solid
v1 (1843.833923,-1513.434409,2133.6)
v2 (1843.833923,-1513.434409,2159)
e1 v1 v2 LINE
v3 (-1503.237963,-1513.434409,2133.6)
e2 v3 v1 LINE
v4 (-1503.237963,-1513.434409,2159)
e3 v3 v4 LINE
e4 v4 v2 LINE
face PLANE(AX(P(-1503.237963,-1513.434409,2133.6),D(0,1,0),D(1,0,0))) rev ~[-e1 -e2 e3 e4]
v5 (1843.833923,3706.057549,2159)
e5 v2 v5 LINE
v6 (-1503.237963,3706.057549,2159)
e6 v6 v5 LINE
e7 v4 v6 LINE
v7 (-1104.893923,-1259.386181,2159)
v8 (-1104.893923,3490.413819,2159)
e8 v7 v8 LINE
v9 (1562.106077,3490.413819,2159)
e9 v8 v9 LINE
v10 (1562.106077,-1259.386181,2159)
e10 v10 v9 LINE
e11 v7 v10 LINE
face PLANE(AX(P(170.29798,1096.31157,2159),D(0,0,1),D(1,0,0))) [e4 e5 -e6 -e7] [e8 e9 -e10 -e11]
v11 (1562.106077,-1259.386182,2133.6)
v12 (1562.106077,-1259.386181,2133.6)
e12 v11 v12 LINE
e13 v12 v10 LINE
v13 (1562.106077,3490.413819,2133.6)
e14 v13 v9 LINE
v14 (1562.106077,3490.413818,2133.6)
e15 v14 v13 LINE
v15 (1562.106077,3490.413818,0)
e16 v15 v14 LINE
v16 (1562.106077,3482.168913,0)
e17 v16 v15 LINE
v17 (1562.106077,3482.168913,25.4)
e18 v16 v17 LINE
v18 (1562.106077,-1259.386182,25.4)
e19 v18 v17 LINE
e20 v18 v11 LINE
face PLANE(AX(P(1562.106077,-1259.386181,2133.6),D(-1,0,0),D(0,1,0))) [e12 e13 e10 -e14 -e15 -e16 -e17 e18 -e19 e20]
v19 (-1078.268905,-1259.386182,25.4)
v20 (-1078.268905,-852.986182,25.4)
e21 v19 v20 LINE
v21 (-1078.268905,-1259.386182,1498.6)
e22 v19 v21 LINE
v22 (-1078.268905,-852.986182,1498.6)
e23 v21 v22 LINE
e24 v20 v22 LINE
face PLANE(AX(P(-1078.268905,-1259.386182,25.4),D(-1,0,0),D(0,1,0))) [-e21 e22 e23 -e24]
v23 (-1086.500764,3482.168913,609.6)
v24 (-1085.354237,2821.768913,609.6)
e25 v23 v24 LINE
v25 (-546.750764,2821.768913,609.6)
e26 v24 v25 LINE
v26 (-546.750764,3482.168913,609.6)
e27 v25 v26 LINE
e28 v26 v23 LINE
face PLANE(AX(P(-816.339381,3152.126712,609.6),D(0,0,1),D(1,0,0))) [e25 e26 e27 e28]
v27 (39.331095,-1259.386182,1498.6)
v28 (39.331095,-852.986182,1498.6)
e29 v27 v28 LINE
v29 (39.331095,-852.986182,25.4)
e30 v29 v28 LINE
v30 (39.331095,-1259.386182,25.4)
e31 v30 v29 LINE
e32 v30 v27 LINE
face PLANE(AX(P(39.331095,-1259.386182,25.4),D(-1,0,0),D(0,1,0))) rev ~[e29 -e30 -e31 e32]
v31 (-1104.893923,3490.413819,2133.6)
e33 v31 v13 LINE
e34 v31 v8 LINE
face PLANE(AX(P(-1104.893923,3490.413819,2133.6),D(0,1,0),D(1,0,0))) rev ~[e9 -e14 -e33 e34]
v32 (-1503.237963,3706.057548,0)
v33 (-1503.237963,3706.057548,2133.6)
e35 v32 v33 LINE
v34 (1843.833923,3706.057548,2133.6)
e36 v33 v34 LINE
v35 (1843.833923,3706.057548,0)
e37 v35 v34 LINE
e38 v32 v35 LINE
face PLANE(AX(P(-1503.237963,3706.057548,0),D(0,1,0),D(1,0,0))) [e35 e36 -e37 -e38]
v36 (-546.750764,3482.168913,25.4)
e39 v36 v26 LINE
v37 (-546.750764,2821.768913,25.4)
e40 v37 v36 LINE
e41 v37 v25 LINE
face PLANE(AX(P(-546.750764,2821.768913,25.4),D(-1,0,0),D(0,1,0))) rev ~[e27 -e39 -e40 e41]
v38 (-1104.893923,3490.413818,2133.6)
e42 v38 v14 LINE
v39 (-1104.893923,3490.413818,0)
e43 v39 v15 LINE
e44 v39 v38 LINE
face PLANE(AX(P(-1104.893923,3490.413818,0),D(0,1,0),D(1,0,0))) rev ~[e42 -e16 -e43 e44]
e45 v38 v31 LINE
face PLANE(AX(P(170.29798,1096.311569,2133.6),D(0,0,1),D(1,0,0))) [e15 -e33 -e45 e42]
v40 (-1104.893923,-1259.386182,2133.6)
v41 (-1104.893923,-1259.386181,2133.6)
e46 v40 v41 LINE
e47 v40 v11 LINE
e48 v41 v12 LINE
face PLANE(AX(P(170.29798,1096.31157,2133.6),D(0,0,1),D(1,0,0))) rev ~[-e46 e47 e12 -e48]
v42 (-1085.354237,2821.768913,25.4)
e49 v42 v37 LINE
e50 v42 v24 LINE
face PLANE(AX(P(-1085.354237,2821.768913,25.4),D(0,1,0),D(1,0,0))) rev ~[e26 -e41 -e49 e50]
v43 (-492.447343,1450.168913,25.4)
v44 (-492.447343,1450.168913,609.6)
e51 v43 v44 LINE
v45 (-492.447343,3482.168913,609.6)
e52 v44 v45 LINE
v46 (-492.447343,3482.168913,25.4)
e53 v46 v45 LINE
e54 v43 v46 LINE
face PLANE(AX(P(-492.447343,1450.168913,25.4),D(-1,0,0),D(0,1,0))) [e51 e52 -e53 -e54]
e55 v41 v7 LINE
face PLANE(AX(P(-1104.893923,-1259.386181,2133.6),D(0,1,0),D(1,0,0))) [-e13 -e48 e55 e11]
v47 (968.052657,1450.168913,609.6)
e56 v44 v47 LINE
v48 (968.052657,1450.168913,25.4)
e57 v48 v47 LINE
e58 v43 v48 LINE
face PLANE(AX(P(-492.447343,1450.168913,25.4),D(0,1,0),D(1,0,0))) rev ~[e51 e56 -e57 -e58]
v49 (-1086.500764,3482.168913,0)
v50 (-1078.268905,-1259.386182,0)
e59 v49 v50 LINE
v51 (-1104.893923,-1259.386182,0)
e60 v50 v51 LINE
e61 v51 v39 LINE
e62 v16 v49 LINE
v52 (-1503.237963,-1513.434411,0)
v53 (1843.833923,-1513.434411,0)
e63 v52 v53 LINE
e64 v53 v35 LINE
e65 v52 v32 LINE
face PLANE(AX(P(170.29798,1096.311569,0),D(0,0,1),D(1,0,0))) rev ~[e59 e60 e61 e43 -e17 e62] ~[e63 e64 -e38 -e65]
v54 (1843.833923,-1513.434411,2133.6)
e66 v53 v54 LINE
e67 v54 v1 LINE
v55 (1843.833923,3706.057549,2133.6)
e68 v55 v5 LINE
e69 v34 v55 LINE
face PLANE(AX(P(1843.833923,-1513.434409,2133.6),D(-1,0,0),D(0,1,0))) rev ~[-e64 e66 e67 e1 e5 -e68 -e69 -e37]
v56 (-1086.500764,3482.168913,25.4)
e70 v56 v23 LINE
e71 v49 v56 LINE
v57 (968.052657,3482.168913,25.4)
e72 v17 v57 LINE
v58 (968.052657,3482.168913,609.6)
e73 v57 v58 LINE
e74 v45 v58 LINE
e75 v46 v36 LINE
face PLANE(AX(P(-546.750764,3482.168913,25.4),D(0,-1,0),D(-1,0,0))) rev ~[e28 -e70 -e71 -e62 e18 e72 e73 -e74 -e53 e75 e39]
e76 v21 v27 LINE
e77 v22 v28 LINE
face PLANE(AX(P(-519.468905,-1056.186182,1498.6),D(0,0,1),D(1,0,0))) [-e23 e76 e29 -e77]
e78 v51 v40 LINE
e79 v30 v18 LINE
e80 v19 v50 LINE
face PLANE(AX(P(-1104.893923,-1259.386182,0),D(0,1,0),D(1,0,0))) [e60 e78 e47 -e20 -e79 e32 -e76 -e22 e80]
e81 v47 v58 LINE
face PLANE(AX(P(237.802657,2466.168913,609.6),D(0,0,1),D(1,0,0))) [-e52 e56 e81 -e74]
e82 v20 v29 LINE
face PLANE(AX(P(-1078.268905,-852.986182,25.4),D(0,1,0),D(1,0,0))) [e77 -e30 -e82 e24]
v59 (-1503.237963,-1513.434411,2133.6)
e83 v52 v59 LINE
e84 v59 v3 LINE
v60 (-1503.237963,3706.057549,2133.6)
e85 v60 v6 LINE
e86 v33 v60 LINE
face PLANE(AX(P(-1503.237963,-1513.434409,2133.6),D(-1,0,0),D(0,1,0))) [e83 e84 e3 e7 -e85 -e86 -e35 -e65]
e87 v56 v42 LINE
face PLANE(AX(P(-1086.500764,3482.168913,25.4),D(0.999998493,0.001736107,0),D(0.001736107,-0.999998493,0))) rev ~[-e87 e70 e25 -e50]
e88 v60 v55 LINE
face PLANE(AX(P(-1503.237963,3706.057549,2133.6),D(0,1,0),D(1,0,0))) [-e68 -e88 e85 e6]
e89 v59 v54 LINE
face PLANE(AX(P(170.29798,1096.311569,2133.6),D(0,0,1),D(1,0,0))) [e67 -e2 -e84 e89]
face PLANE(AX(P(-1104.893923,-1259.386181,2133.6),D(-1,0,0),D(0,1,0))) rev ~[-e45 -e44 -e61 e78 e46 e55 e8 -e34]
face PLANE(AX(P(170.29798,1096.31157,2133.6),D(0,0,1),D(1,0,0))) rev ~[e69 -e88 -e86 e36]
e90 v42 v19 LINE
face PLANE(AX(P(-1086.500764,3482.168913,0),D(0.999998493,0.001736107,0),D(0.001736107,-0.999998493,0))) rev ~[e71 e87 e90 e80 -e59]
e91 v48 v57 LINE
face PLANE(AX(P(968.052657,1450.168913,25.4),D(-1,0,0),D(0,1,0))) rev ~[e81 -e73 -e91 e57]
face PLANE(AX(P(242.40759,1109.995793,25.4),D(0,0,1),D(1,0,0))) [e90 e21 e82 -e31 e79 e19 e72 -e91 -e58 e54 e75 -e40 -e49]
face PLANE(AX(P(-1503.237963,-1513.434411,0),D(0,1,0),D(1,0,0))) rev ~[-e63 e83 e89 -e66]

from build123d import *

# Parameters (mm, degrees)
F0_W        = 3347.071886
F0_H        = 5219.491959
F0_W_2      = 2667
F0_H_2      = 4749.8
F1_DEPTH    = 2133.6
F2_W        = 2645.458222
F2_H        = 4755.231976
F3_DEPTH    = 25.4
F1_FACE_W   = 3347.071886
F1_FACE_H   = 5219.491959
F1_FACE_W_2 = 2667
F1_FACE_H_2 = 4749.8
F4_DEPTH    = 25.4
F6_DEPTH    = 25.4
F7_W        = 1460.5
F7_H        = 2032
F8_DEPTH    = 584.2
F10_DEPTH   = 584.2
F11_W       = 1117.6
F11_H       = 406.4
F12_DEPTH   = 1473.2


with BuildPart() as f1:
    # F0 (on Top) → F1 (new body)
    with BuildSketch(Plane.XY):
        with Locations((170.29798, 1096.311569)):
            Rectangle(F0_W, F0_H)
        with Locations((228.606077, 1115.513818)):
            Rectangle(F0_W_2, F0_H_2, mode=Mode.SUBTRACT)
    extrude(amount=F1_DEPTH)

    # F2 (on Top) → F3 (cut)
    with BuildSketch(Plane.XY):
        with Locations((236.228347, 1112.794101)):
            Rectangle(F2_W, F2_H)
    extrude(amount=-F3_DEPTH, mode=Mode.SUBTRACT)

    # F1_face (on face) → F4 (join)
    with BuildSketch(Plane(origin=(16.490279, 1045.65902, 2133.6), x_dir=(1, 0, 0), z_dir=(0, 0, 1))):
        with Locations((153.807701, 50.65255)):
            Rectangle(F1_FACE_W, F1_FACE_H)
        with Locations((212.115798, 69.854799)):
            Rectangle(F1_FACE_W_2, F1_FACE_H_2, mode=Mode.SUBTRACT)
    extrude(amount=F4_DEPTH)

    # F5 (on Top) → F6 (join)
    with BuildSketch(Plane.XY):
        Polygon((1567.198873, 3482.168913), (-1086.500764, 3482.168913), (-1078.259468, -1264.821887), (1567.198873, -1264.821887), align=None)
    extrude(amount=F6_DEPTH)

    # F7 (on face) → F8 (join)
    with BuildSketch(Plane.XY.offset(25.4)):
        with Locations((237.802657, 2466.168913)):
            Rectangle(F7_W, F7_H)
    extrude(amount=F8_DEPTH)

    # F9 (on face) → F10 (join)
    with BuildSketch(Plane.XY.offset(25.4)):
        Polygon((-546.750764, 3482.168913), (-1086.500764, 3482.168913), (-1085.354237, 2821.768913), (-546.750764, 2821.768913), align=None)
    extrude(amount=F10_DEPTH)

    # F11 (on face) → F12 (join)
    with BuildSketch(Plane.XY.offset(25.4)):
        with Locations((-519.468905, -1056.186182)):
            Rectangle(F11_W, F11_H)
    extrude(amount=F12_DEPTH)


solid = f1.part
